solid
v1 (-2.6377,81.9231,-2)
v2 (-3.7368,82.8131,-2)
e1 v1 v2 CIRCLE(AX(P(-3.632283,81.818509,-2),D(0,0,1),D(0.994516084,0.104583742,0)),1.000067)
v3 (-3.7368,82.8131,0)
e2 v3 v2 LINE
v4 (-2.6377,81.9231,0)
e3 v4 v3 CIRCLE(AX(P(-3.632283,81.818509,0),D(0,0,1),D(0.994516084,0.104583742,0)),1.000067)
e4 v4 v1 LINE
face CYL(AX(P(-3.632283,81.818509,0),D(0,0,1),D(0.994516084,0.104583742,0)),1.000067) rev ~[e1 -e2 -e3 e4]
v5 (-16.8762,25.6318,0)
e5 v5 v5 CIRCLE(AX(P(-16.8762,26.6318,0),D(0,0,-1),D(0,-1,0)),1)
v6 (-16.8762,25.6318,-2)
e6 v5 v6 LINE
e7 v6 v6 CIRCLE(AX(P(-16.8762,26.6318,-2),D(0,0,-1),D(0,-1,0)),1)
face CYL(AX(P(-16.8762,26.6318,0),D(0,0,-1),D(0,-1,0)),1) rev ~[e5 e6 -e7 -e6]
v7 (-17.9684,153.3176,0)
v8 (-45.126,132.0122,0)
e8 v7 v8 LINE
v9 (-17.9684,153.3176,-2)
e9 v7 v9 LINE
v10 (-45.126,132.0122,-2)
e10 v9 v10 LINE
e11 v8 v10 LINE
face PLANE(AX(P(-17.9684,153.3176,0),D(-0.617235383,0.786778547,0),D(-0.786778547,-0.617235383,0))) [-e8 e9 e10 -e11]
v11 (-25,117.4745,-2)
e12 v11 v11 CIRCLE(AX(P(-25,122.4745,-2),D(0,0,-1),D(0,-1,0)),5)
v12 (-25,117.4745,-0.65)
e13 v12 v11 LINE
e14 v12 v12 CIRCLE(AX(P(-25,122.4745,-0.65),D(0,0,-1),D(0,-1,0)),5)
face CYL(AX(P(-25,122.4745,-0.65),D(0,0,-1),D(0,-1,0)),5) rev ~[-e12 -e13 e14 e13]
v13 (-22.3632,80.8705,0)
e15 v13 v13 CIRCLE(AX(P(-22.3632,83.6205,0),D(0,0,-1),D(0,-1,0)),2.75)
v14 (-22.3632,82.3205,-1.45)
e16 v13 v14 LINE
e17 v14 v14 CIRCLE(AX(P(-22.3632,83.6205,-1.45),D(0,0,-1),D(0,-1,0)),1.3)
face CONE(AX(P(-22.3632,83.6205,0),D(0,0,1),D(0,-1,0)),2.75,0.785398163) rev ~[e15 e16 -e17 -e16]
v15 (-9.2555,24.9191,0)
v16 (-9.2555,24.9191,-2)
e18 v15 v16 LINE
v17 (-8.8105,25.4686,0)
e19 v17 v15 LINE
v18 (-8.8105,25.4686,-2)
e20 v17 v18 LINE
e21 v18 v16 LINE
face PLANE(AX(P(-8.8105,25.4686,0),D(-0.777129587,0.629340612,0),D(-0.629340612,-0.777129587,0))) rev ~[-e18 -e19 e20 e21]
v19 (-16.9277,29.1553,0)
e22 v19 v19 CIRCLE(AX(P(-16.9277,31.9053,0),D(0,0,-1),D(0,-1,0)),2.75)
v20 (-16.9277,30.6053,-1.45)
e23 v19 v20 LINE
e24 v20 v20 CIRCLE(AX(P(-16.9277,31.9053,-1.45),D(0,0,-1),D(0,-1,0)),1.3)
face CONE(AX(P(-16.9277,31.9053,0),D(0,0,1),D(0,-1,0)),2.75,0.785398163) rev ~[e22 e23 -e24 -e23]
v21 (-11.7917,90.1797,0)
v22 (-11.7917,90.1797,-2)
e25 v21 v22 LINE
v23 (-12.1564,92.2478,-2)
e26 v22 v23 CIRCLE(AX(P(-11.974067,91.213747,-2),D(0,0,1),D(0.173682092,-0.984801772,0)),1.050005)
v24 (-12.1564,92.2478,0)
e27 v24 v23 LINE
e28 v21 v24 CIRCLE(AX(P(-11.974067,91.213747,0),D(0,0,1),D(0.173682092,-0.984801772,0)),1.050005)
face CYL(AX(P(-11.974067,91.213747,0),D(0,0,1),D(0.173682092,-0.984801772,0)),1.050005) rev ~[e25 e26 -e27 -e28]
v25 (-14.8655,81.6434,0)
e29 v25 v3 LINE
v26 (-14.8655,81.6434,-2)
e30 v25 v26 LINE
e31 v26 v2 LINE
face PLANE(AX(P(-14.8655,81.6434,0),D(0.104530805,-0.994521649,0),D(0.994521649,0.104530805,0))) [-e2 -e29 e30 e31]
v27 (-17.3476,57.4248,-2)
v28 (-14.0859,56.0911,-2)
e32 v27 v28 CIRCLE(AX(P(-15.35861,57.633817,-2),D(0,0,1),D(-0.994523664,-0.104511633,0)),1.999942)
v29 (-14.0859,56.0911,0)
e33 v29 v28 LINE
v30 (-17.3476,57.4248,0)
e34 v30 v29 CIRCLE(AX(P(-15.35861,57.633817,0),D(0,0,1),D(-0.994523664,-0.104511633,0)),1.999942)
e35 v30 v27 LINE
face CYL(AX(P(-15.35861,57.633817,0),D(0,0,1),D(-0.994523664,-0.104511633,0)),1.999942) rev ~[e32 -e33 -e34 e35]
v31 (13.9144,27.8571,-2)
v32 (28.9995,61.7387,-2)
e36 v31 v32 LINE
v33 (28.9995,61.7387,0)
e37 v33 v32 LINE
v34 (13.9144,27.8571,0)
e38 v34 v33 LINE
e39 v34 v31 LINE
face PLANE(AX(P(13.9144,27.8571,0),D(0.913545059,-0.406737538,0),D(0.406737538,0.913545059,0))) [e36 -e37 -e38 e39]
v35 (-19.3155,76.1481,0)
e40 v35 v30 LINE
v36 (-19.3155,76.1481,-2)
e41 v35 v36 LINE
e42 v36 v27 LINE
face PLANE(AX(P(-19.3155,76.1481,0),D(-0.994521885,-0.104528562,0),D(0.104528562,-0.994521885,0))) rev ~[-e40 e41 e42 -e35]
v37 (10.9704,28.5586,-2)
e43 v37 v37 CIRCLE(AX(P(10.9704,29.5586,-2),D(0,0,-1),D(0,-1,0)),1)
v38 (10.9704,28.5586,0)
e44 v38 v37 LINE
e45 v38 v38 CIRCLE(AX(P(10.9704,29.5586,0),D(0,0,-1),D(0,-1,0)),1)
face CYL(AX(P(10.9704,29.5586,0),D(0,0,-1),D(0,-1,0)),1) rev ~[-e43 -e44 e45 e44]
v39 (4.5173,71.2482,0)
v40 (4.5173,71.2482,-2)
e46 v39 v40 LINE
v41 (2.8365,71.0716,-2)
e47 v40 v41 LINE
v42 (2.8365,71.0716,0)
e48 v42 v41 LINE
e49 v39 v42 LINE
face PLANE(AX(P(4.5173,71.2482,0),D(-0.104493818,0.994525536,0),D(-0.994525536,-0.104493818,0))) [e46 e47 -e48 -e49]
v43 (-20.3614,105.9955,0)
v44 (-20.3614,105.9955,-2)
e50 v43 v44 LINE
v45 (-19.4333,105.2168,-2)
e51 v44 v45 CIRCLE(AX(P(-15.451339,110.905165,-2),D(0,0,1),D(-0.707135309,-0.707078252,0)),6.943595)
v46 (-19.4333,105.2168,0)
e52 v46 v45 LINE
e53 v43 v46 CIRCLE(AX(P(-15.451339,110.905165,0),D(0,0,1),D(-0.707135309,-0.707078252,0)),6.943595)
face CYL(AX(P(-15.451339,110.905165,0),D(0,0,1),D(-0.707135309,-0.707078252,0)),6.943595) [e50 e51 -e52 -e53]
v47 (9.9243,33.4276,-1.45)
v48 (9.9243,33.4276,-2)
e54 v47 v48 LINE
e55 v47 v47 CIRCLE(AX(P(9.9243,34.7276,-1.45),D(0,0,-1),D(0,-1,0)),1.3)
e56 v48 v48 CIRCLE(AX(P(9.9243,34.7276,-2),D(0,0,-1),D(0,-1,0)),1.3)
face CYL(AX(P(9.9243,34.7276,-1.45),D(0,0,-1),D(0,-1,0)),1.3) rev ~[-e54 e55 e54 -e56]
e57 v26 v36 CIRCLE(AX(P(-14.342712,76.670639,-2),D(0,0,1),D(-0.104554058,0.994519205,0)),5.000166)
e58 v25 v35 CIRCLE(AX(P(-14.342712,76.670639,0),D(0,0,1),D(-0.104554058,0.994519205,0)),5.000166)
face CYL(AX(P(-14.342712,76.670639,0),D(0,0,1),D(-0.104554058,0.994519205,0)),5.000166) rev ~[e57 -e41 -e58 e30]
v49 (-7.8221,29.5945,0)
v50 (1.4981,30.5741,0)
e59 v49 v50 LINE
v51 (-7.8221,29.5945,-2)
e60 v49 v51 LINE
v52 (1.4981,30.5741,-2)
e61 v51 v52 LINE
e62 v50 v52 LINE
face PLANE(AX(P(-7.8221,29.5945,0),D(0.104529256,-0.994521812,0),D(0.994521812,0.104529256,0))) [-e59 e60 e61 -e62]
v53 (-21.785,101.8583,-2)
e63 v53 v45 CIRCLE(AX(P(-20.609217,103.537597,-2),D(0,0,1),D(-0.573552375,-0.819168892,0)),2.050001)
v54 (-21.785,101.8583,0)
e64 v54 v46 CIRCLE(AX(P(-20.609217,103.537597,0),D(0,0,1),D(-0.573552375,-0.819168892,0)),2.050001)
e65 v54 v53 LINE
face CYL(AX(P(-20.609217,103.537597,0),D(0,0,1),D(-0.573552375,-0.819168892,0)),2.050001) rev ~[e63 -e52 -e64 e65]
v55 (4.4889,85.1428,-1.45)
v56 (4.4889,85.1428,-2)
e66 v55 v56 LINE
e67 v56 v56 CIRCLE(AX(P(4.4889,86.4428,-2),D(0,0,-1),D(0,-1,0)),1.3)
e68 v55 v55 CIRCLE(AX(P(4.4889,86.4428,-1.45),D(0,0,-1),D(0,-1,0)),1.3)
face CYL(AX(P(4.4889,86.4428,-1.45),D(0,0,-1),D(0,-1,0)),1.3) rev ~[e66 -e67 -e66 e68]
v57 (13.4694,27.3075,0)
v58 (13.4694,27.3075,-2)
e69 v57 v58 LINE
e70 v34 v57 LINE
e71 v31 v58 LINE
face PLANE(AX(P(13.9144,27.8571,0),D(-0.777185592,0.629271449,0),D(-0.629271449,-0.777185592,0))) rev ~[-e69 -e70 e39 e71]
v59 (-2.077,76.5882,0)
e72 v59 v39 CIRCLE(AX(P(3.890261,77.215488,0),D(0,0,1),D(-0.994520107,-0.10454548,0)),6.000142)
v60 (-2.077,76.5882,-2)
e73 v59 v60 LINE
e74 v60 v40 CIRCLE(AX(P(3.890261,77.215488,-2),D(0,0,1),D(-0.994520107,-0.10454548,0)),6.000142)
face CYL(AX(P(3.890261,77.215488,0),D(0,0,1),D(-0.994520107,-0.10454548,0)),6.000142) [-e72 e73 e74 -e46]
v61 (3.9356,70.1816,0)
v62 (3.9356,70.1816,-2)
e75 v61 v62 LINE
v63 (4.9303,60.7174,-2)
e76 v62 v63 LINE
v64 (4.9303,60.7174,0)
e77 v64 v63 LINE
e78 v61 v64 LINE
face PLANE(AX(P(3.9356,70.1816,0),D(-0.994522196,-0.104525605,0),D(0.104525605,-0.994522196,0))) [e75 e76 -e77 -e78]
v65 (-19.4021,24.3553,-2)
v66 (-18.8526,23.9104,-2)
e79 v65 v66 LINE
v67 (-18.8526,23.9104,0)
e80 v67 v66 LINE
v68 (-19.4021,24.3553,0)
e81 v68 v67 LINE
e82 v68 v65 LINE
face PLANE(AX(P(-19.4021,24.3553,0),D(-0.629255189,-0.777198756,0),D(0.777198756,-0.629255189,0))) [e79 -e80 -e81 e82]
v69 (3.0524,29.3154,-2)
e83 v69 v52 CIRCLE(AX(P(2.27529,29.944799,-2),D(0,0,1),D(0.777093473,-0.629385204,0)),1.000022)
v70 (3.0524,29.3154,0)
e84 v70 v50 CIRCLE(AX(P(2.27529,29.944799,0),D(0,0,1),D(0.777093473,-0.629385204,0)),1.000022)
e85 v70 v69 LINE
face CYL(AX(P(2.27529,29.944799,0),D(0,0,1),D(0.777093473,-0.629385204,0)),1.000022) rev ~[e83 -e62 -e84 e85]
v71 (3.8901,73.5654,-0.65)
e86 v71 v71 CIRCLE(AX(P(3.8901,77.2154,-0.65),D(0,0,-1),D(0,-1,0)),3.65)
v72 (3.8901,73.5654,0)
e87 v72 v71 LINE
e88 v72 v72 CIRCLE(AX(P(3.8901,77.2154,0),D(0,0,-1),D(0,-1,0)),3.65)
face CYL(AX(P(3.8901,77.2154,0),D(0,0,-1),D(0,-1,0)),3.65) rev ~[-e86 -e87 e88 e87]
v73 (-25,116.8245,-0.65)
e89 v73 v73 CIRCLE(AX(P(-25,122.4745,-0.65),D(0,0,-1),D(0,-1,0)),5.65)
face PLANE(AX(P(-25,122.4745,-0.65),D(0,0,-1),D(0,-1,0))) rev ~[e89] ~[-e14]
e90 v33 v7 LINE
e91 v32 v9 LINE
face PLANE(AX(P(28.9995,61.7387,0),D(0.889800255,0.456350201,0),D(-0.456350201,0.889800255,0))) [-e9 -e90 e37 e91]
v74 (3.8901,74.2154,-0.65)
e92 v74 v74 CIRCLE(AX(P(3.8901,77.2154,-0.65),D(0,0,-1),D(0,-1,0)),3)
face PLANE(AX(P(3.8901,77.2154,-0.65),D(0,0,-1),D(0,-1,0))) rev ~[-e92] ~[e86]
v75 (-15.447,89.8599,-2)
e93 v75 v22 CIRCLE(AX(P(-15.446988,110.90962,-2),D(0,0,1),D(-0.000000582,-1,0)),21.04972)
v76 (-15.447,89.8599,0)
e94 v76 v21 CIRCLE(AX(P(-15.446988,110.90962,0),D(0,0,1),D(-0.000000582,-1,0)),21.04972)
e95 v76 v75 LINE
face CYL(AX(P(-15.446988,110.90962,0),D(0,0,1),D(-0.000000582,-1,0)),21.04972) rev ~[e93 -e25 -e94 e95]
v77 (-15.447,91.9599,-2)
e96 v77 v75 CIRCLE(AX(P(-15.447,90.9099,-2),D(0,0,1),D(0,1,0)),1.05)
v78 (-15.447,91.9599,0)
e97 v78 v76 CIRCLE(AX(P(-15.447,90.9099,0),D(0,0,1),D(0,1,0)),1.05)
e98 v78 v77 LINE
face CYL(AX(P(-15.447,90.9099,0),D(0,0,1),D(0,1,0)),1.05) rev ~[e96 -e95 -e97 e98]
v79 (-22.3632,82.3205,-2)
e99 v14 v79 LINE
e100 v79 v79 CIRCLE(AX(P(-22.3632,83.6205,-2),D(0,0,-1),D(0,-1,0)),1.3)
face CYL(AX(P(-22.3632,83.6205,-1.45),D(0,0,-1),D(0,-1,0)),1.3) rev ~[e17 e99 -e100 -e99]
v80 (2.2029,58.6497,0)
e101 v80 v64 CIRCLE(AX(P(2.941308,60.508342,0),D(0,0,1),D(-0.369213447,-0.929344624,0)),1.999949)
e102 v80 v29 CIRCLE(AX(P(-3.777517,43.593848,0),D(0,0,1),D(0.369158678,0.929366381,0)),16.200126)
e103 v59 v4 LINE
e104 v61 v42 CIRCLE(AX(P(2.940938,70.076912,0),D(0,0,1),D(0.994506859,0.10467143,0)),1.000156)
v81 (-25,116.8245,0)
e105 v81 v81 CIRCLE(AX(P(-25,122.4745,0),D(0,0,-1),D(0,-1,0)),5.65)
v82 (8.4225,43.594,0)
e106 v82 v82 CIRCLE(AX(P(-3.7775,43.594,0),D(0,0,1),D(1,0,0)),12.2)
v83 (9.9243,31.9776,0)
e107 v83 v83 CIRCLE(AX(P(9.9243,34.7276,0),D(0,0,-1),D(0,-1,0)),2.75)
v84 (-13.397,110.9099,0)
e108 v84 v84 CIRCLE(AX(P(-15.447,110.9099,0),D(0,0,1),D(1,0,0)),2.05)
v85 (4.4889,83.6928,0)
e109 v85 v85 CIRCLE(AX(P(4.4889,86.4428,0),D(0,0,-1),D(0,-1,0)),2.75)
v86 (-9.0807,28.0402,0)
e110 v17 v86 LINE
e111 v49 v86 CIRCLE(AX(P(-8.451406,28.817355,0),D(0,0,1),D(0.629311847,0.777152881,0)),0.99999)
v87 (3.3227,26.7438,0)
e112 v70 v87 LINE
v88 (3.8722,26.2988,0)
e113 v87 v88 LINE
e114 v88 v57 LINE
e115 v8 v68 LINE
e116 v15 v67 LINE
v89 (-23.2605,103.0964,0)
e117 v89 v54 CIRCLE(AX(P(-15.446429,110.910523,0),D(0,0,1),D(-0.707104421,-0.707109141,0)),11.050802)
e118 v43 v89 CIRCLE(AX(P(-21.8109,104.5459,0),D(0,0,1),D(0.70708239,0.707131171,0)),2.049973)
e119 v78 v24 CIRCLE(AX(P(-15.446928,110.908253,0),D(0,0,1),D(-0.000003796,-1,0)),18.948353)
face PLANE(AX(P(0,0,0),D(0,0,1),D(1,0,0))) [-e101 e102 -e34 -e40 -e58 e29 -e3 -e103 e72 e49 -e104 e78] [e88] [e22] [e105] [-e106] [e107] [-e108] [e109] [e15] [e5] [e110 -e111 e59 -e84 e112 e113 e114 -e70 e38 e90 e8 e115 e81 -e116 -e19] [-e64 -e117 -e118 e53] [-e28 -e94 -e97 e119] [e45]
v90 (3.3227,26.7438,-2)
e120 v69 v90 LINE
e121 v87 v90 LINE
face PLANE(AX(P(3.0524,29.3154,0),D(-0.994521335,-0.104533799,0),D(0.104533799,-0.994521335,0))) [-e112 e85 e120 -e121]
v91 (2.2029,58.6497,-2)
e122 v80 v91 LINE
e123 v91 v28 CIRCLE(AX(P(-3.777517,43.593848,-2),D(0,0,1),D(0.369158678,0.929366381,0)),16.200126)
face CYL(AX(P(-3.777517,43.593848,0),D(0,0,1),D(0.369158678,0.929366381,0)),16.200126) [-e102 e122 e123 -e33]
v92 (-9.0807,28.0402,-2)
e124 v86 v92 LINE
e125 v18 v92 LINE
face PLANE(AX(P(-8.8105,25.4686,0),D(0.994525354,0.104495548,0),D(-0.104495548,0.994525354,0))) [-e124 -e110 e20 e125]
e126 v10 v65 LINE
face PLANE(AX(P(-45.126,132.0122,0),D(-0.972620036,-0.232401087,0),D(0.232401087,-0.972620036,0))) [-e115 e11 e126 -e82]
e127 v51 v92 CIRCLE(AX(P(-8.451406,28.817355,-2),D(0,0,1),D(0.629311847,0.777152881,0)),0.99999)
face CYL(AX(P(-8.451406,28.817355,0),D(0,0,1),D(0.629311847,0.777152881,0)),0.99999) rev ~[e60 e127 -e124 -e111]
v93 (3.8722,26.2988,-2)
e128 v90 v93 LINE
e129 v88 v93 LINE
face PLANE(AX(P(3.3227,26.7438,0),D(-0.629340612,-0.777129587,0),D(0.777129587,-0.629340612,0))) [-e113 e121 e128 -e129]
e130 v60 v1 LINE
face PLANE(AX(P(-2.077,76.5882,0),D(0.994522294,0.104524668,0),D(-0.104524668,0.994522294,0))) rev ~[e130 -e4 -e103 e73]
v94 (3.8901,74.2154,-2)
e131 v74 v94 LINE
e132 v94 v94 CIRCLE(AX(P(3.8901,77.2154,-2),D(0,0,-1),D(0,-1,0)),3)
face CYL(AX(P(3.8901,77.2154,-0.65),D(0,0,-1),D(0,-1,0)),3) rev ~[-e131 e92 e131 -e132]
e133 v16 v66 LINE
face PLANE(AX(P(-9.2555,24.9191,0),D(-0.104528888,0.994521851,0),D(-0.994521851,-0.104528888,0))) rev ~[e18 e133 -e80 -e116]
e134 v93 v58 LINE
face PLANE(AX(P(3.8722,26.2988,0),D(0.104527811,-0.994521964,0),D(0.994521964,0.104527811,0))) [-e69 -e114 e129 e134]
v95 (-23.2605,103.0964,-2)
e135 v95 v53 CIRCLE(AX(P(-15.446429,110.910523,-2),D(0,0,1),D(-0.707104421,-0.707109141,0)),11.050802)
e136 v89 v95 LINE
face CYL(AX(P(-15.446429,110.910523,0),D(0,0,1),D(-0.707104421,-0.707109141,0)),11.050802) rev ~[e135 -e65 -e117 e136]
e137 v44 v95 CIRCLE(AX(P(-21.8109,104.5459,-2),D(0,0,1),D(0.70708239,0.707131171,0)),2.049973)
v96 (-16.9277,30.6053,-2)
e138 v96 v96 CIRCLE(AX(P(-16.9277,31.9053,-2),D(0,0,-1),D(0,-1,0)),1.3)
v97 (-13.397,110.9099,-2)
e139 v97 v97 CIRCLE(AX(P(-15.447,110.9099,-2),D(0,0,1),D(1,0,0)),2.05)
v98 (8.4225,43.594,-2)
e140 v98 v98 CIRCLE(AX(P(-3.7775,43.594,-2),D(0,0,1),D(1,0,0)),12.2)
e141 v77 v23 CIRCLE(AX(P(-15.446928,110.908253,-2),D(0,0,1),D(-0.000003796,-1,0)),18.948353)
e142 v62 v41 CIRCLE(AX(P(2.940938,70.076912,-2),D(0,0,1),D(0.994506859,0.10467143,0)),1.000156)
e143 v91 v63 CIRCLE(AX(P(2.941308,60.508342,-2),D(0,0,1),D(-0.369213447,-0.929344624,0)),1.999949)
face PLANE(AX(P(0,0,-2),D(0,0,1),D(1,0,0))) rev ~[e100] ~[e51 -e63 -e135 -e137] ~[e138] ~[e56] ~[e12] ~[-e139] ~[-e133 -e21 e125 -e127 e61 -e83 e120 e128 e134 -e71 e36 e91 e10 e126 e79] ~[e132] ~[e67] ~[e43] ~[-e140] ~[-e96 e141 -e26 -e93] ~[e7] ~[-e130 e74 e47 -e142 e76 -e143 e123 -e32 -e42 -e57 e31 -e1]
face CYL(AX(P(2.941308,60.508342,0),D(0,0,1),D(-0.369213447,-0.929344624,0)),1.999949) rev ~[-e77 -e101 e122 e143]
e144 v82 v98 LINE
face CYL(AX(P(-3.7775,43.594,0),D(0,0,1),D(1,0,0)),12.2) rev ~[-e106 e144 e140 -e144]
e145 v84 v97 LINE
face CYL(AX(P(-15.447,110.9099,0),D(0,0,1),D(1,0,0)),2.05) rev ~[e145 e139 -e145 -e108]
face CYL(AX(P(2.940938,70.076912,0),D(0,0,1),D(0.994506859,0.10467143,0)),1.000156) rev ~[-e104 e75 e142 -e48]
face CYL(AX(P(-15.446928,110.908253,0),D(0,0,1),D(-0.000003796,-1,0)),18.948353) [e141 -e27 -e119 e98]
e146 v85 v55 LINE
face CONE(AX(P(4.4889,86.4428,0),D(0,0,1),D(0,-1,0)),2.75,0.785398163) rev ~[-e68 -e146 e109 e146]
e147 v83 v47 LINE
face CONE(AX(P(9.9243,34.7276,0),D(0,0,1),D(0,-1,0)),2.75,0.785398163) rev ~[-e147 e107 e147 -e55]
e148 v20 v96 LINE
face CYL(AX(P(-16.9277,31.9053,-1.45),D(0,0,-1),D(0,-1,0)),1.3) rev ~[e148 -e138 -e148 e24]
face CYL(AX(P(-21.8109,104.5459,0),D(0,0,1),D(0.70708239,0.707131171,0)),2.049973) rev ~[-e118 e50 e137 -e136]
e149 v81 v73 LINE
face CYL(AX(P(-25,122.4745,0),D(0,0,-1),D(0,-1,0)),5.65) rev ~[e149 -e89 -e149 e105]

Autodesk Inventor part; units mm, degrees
ref_plane "YZ Plane" through (0, 0, 0) normal (1, 0, 0) x (0, 1, 0)
ref_plane "XZ Plane" through (0, 0, 0) normal (0, 1, 0) x (-1, 0, 0)
ref_plane "XY Plane" through (0, 0, 0) normal (0, 0, 1) x (1, 0, 0)
sketch "スケッチ1" plane through (0, 0, 0) normal (0, 0, 1) x (1, 0, 0)
  line L0 (0, 0) -> (-7.8332, 74.5283) construction
  line L1 (0, 0) -> (0, 134.5604) construction
  circle A0 centre (-16.8762, 26.6318) radius 1 construction
  circle A1 centre (10.9704, 29.5586) radius 1 construction
  line L2 (3.0524, 29.3154) -> (3.3227, 26.7438) projected
  arc A2 (3.0524, 29.3154) -> (1.4981, 30.5741) centre (2.2753, 29.9448) ccw projected
  arc A3 (-7.8221, 29.5945) -> (-9.0807, 28.0402) centre (-8.4514, 28.8173) ccw projected
  line L3 (-8.8105, 25.4686) -> (-9.0807, 28.0402) projected
  line L4 (13.9144, 27.8571) -> (7.5904, 88.0256) construction
  line L5 (13.9144, 27.8571) -> (28.9995, 61.7387)
  line L6 (-8.8105, 25.4686) -> (-9.2555, 24.9191)
  line L7 (-9.2555, 24.9191) -> (-18.8526, 23.9104)
  line L8 (3.3227, 26.7438) -> (3.8722, 26.2988)
  line L9 (3.8722, 26.2988) -> (13.4694, 27.3075)
  line L10 (-7.8221, 29.5945) -> (1.4981, 30.5741)
  line L11 (3.8722, 26.2988) -> (-9.2555, 24.9191) construction
  arc A4 (-10.8792, -1.6259) -> (-18.8786, 22.5819) centre (-85.0554, -12.7116) ccw construction
  line L12 (13.9144, 27.8571) -> (13.4694, 27.3075)
  line L13 (-19.4021, 24.3553) -> (-18.8526, 23.9104)
  circle A5 centre (3.8901, 77.2154) radius 7.16 construction
  circle A6 centre (-25, 122.4745) radius 9.55 construction
  circle A7 centre (-21.2321, 104.0155) radius 2 construction
  line L14 (-15.9609, 44.2312) -> (-19.3155, 76.1481) construction
  arc A8 (-14.8655, 81.6434) -> (-19.3155, 76.1481) centre (-14.3428, 76.6708) ccw projected
  line L15 (-14.8655, 81.6434) -> (-2.434, 82.95) construction
  line L16 (3.0613, 78.5) -> (5.9572, 50.9476) construction
  line L17 (4.5173, 71.2482) -> (2.8365, 71.0716)
  line L18 (-2.077, 76.5882) -> (-2.6377, 81.9231)
  arc A9 (-2.077, 76.5882) -> (4.5173, 71.2482) centre (3.8901, 77.2154) ccw
  line L19 (-14.8655, 81.6434) -> (-3.7368, 82.8131)
  line L20 (3.9356, 70.1816) -> (4.9303, 60.7174)
  arc A10 (-2.6377, 81.9231) -> (-3.7368, 82.8131) centre (-3.6323, 81.8185) ccw
  arc A11 (3.9356, 70.1816) -> (2.8365, 71.0716) centre (2.9411, 70.077) ccw
  line L21 (-19.3155, 76.1481) -> (-17.3476, 57.4248)
  circle A12 centre (-3.7775, 43.594) radius 12 construction
  circle A13 centre (-3.7775, 43.594) radius 12.2
  arc A14 (2.2029, 58.6497) -> (-14.0859, 56.0911) centre (-3.7775, 43.594) ccw
  arc A15 (2.2029, 58.6497) -> (4.9303, 60.7174) centre (2.9413, 60.5084) ccw
  arc A16 (-17.3476, 57.4248) -> (-14.0859, 56.0911) centre (-15.3585, 57.6339) ccw
  circle A17 centre (-22.3632, 83.6205) radius 1.3 construction
  circle A18 centre (4.4889, 86.4428) radius 1.3 construction
  circle A19 centre (9.9243, 34.7276) radius 1.3 construction
  circle A20 centre (-16.9277, 31.9053) radius 1.3 construction
  circle A21 centre (-15.447, 110.9099) radius 2.05 projected
  arc A22 (-21.785, 101.8583) -> (-19.4333, 105.2168) centre (-20.6092, 103.5375) ccw projected
  arc A23 (-19.6004, 105.3375) -> (-19.4333, 105.2168) centre (-15.447, 110.9099) ccw construction
  arc A24 (-20.3614, 105.9955) -> (-23.2605, 103.0964) centre (-21.8109, 104.5459) ccw projected
  arc A25 (-23.2605, 103.0964) -> (-21.785, 101.8583) centre (-15.447, 110.9099) ccw projected
  arc A26 (-20.3614, 105.9955) -> (-19.4333, 105.2168) centre (-15.447, 110.9099) ccw
  arc A27 (-15.447, 91.9599) -> (-12.1564, 92.2478) centre (-15.447, 110.9099) ccw projected
  arc A28 (-11.7917, 90.1797) -> (-12.1564, 92.2478) centre (-11.974, 91.2137) ccw projected
  arc A29 (-15.447, 89.8599) -> (-11.7917, 90.1797) centre (-15.447, 110.9099) ccw projected
  arc A30 (-15.447, 91.9599) -> (-15.447, 89.8599) centre (-15.447, 90.9099) ccw projected
  line L22 (-25, 122.4745) -> (0, 0) construction
  line L23 (28.9995, 61.7387) -> (-17.9684, 153.3176)
  line L24 (-17.9684, 153.3176) -> (-45.126, 132.0122)
  line L25 (-45.126, 132.0122) -> (-19.4021, 24.3553)
  point P0 (3.8311, 71.1761)
  point P1 (-2.7423, 82.9176)
  point P2 (5.3213, 56.9974)
  point P3 (-16.8933, 53.1027)
  point P4 (-16.8933, 53.1027)
  dimension "d0" = 6
  dimension "d1" = 45
  dimension "d2" = 45
  dimension "d3" = 0.5
  dimension "d4" = 45
  dimension "d5" = 45
  dimension "d6" = 6
  dimension "d7" = 1
  dimension "d8" = 0.2
  dimension "d10" = 4
  dimension "d11" = 2
  dimension "d42" = 30
extrude "押し出し1" add sketch "スケッチ1" against normal blind 2
hole "穴1" at (10.9704, 29.5586, 0) at (-16.8762, 26.6318, 0) direction (0, 0, -1) diameter 2 end through all
hole "穴2" at (9.9243, 34.7276, 0) at (4.4889, 86.4428, 0) at (-22.3632, 83.6205, 0) at (-16.9277, 31.9053, 0) direction (0, 0, -1) diameter 2.6 end through all countersink diameter 5.5 countersink angle 90 clearance for "Countersunk Flat Head Screw ISO 2009/7046" size "M2.5" standard "ISO"
hole "穴3" at (-25, 122.4745, 0) direction (0, 0, -1) diameter 10 end through all counterbore diameter 11.3 counterbore depth 0.65
hole "穴4" at (3.8901, 77.2154, 0) direction (0, 0, -1) diameter 6 end through all counterbore diameter 7.3 counterbore depth 0.65
properties part number "UPPER_LEG_MIDDLE_FRAME_2"
